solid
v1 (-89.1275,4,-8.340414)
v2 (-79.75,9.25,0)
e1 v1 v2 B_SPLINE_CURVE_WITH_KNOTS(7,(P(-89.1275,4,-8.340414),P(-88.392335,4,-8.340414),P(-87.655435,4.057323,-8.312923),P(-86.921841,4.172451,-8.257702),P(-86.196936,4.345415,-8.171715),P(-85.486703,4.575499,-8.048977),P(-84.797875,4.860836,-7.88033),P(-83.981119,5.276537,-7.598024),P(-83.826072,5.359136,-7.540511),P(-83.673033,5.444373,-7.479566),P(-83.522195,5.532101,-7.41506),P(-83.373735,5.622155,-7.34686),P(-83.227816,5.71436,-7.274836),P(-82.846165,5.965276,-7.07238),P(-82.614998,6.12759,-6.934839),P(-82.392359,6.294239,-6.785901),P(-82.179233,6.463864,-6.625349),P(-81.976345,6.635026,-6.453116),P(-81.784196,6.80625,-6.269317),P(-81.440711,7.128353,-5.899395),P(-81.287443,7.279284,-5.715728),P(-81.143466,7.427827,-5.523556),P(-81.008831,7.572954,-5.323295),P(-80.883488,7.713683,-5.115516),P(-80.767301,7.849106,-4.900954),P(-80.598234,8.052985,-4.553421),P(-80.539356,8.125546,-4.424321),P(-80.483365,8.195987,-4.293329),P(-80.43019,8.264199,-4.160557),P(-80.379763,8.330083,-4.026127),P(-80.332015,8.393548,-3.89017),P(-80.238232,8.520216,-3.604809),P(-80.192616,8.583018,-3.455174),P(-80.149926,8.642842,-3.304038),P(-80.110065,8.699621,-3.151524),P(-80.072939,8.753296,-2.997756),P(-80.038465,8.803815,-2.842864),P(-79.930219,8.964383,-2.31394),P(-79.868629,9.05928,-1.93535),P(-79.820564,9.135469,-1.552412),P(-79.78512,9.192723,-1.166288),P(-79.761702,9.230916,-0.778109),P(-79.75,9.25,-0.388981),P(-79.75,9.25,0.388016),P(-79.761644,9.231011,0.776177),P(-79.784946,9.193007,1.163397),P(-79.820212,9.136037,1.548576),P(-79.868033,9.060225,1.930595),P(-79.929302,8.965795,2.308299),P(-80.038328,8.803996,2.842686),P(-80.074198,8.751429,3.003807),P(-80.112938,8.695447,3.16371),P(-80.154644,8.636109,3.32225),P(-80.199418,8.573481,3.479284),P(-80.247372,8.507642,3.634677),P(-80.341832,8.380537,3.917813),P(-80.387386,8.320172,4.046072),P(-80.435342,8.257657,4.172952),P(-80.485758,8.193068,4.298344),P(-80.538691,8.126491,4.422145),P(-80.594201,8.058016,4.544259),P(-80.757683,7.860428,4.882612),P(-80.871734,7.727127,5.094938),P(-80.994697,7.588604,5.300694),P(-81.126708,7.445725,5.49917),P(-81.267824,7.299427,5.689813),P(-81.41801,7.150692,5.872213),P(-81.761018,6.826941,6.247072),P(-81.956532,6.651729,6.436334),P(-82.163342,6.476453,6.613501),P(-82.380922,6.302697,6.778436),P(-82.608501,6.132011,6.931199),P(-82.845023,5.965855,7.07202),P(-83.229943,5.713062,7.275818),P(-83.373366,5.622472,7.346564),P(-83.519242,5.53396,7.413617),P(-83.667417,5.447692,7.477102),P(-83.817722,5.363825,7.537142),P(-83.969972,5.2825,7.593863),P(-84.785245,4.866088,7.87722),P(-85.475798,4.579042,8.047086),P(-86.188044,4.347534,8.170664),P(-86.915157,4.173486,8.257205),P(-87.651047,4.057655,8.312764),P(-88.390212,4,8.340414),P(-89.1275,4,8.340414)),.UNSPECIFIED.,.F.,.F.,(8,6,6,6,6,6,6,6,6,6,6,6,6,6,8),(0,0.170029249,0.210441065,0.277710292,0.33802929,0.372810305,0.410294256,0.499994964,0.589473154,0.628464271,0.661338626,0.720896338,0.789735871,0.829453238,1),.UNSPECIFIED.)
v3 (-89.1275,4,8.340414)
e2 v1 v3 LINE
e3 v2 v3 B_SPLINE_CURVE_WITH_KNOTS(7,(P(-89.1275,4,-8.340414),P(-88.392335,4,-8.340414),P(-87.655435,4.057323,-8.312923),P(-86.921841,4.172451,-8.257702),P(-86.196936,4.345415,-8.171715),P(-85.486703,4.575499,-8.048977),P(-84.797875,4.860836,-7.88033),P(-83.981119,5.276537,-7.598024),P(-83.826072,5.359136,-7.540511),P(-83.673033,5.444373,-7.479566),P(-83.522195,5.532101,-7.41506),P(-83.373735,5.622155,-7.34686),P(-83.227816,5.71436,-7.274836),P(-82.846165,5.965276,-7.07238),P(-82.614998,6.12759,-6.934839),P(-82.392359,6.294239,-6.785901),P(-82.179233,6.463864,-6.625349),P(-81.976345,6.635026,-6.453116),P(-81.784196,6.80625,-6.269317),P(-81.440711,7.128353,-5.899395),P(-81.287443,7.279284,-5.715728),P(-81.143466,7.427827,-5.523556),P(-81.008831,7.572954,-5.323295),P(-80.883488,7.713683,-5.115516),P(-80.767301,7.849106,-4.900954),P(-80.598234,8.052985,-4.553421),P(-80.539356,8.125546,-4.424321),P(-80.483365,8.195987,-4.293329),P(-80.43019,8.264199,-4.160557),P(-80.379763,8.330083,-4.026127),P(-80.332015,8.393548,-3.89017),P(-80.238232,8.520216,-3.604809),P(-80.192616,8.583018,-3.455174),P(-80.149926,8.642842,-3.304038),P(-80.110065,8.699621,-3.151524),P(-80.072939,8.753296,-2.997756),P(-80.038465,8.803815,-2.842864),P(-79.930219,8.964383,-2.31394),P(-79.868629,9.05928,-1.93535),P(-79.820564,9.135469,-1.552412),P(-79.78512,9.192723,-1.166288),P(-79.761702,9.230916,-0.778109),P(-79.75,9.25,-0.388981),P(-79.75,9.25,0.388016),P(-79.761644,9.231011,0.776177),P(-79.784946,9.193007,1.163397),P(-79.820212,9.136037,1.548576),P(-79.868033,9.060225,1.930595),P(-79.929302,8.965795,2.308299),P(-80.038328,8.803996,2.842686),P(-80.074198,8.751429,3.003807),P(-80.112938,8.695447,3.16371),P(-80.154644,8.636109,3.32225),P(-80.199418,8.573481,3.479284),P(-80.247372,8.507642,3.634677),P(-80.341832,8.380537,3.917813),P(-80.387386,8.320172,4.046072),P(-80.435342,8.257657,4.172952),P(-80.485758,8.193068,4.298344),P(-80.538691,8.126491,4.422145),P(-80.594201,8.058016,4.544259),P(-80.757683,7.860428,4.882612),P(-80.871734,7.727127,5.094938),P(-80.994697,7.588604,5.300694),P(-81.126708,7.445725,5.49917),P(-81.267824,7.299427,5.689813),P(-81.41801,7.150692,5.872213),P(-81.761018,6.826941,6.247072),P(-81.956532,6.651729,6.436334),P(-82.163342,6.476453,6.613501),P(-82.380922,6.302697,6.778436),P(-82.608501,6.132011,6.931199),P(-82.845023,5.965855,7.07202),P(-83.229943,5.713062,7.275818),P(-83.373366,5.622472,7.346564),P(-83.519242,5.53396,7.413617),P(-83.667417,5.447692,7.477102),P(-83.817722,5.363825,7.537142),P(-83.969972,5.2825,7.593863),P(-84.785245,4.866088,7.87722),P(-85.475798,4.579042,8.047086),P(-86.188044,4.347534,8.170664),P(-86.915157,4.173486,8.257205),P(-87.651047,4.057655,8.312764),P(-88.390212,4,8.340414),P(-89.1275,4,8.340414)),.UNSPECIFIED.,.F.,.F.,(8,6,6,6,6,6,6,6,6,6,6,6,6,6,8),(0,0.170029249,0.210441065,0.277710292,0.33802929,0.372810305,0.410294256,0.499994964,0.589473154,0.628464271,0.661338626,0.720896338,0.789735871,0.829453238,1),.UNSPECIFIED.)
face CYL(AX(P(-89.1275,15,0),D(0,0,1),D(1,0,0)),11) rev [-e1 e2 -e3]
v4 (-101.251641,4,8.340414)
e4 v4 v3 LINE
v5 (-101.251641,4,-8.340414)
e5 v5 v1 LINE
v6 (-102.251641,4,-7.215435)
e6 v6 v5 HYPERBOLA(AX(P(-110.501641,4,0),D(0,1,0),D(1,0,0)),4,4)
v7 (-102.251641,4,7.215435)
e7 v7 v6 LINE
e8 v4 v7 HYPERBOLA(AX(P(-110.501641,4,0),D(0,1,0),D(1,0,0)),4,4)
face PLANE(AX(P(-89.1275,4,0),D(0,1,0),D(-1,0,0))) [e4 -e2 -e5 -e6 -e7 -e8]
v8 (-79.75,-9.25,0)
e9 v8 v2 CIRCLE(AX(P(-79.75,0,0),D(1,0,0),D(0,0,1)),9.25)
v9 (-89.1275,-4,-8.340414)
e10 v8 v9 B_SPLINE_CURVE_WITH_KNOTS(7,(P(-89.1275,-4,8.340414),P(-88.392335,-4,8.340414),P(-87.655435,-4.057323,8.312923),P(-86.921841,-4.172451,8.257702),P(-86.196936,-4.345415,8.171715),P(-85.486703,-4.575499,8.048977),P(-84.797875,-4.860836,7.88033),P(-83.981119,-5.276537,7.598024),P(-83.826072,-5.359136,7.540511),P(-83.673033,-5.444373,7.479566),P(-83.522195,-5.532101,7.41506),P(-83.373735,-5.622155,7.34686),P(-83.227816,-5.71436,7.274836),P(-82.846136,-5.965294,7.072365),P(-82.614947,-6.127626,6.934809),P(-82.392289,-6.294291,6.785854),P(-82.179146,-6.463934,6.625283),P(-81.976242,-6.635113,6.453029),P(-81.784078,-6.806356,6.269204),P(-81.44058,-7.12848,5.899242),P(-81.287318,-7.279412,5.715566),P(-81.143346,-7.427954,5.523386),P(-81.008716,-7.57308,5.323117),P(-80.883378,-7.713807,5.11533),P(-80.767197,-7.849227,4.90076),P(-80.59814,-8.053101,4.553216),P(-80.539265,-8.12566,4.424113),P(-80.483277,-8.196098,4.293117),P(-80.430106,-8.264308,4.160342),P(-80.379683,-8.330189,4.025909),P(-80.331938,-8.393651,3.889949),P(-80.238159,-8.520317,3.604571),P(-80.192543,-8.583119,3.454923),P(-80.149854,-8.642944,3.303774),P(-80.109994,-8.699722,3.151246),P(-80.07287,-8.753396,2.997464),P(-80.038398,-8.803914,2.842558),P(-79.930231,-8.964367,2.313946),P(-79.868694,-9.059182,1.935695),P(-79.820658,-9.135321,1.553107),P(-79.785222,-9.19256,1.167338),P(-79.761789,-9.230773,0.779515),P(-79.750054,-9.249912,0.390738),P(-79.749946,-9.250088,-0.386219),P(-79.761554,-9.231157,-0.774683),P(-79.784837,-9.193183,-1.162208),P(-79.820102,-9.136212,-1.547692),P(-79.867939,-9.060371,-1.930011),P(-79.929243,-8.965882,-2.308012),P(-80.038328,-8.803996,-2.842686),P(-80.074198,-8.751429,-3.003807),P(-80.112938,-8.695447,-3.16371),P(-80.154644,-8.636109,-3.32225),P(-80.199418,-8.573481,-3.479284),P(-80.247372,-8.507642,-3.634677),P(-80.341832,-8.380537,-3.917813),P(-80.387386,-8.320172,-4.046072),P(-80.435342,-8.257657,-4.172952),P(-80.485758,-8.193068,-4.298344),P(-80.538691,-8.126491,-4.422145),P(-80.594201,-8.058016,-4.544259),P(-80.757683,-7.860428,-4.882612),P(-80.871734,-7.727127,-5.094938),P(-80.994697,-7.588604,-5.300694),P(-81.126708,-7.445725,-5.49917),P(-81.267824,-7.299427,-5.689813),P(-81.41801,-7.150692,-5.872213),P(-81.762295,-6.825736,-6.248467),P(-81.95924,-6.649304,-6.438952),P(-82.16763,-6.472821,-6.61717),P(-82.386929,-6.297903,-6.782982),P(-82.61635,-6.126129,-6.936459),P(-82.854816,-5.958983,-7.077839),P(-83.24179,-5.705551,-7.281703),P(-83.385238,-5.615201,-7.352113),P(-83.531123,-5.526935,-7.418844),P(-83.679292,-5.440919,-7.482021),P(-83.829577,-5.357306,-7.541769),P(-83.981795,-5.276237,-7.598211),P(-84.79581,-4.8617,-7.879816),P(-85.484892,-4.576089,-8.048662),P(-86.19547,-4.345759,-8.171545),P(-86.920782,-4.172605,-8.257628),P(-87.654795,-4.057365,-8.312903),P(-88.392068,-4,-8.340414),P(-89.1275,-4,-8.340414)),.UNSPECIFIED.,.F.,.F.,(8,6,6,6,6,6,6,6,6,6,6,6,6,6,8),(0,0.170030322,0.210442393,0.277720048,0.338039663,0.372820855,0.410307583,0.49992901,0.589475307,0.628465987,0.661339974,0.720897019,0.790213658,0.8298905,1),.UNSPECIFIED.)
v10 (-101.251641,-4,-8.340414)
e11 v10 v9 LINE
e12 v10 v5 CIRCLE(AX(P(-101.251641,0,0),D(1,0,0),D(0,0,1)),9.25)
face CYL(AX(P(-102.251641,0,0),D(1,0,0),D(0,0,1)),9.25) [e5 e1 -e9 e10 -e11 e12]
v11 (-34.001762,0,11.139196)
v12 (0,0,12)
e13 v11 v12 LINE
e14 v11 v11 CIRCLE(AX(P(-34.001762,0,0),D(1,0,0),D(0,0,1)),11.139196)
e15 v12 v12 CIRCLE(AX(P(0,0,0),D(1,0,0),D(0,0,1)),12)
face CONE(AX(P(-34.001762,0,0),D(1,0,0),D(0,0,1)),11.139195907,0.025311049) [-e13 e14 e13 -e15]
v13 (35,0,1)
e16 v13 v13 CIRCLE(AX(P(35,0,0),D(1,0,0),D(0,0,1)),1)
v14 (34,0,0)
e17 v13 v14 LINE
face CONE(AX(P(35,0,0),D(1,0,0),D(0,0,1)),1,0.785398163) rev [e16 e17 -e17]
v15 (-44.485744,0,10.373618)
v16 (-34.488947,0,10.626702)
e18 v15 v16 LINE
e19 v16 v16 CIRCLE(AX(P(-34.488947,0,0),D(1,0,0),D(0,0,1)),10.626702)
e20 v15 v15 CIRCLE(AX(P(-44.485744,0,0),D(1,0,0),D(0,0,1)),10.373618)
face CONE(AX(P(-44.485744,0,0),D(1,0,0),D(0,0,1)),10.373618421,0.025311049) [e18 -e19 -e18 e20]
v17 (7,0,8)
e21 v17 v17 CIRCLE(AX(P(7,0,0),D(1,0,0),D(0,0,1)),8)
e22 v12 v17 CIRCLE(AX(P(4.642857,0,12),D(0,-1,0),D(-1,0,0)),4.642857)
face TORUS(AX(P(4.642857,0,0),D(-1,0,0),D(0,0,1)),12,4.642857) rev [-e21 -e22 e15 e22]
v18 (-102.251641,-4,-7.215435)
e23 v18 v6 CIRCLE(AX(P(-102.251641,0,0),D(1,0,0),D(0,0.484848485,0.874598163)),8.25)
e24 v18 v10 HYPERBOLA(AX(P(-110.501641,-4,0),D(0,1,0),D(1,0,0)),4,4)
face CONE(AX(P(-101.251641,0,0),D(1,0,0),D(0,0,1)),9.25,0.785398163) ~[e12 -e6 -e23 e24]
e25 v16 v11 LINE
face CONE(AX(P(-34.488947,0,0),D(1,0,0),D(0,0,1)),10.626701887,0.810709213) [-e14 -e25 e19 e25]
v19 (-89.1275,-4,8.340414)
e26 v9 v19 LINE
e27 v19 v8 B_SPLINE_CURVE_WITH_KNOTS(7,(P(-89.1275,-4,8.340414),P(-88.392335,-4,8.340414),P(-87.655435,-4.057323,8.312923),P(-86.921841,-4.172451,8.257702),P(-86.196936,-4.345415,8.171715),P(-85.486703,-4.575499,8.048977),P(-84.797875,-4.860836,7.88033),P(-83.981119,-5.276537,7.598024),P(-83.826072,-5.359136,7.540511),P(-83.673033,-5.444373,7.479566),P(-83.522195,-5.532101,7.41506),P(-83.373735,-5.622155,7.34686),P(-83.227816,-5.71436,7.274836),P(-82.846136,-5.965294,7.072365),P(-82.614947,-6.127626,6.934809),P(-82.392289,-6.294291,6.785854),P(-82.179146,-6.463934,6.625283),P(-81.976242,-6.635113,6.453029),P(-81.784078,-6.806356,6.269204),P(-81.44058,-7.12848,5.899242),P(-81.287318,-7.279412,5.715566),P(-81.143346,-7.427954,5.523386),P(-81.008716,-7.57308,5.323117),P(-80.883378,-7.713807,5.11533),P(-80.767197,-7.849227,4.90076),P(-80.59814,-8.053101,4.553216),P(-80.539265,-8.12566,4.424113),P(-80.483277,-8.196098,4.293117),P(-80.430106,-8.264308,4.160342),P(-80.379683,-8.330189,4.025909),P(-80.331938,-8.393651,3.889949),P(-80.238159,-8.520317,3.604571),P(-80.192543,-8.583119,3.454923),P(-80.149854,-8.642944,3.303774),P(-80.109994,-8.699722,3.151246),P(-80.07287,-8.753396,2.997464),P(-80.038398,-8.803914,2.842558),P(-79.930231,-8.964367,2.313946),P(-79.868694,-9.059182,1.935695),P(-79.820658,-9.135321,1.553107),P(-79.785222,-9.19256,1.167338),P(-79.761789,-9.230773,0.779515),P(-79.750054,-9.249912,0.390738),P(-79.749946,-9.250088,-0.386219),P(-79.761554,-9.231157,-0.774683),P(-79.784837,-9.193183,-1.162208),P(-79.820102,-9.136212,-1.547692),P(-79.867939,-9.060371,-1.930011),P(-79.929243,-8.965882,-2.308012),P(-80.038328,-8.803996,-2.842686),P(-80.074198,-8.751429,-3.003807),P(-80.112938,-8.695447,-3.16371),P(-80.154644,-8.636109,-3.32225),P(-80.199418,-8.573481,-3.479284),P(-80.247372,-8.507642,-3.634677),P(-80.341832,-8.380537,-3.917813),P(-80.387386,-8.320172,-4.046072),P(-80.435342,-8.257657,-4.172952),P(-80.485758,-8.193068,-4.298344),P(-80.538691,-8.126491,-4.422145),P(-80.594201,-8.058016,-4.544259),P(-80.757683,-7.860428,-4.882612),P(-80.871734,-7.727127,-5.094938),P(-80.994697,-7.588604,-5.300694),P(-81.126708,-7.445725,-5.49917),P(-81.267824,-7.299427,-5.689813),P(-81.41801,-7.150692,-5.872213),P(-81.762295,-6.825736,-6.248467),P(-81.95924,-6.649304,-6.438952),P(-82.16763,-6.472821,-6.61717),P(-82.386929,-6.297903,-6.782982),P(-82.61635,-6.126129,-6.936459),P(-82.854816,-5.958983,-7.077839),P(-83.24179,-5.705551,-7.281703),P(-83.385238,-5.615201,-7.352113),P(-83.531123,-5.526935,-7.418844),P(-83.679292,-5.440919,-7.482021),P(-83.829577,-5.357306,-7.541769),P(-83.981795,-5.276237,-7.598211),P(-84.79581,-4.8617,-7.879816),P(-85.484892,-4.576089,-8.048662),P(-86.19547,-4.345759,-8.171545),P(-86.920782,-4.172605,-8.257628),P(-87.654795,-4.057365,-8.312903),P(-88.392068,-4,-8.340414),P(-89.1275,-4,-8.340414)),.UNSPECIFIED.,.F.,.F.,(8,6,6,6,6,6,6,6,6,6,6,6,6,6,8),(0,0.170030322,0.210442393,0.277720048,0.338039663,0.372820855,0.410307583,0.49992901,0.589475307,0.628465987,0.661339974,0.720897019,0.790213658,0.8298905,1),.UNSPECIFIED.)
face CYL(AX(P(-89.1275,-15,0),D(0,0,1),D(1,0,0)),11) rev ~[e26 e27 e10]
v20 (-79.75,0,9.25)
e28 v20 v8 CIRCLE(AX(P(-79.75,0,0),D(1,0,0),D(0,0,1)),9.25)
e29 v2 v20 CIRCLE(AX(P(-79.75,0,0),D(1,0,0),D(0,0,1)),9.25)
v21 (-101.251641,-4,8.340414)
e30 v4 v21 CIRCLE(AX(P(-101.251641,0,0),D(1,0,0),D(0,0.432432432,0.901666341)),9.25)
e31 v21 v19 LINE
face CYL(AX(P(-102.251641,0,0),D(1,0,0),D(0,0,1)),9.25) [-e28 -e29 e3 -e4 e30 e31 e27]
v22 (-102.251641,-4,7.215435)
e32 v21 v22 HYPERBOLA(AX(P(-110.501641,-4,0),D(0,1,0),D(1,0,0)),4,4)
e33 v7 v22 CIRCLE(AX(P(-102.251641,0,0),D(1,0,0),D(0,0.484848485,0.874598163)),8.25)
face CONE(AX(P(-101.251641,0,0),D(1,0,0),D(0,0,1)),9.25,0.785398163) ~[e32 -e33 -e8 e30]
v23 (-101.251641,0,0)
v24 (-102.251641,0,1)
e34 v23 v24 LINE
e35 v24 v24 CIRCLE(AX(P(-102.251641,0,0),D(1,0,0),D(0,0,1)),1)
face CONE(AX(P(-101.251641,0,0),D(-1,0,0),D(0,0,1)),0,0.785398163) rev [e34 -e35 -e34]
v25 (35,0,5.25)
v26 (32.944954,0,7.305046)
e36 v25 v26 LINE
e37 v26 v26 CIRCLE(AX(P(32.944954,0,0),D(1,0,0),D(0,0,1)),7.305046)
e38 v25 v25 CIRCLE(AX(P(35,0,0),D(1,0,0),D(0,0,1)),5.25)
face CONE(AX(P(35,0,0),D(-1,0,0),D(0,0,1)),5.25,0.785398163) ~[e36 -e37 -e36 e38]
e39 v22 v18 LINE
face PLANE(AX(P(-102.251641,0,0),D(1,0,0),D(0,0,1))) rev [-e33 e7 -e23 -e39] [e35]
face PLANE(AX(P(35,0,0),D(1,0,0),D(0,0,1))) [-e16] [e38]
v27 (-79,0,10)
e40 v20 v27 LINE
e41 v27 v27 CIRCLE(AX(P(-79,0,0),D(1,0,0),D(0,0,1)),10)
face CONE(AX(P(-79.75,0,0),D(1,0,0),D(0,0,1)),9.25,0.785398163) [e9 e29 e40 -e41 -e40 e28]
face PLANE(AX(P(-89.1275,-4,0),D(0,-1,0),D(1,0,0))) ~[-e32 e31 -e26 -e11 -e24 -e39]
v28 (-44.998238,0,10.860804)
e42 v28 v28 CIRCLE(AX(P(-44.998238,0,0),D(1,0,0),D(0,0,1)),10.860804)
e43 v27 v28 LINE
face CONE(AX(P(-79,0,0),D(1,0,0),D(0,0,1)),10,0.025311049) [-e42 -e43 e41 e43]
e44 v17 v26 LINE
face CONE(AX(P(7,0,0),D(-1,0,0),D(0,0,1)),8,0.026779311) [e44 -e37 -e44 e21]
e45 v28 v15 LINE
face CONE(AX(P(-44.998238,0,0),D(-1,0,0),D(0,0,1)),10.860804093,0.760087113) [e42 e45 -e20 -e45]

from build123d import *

# Parameters (mm, degrees)
CHANFREIN1_SIZE         = 1
CHANFREIN2_SIZE         = 2
CHANFREIN2_SIZE2        = 2.055782961
ENL_V_MAT_EXTRU_1_DEPTH = 15


with BuildPart() as part:
    # Esquisse1 → Révolution1 (revolve)
    with BuildSketch(Plane.XY, mode=Mode.PRIVATE) as r_volution1_sk:
        with BuildLine():
            Line((-102.251641217, 9.25), (-79.75, 9.25))
            Line((-79.75, 9.25), (-79, 10))
            Line((-79, 10), (-44.998238309, 10.860804093))
            Line((-44.998238309, 10.860804093), (-44.485744289, 10.373618421))
            Line((-44.485744289, 10.373618421), (-34.488947364, 10.626701887))
            Line((-34.488947364, 10.626701887), (-34.001761691, 11.139195907))
            Line((-34.001761691, 11.139195907), (0, 12))
            ThreePointArc((0, 12), (2.339354929, 7.968871126), (7, 8))
            Line((7, 8), (35, 7.25))
            Line((35, 7.25), (35, 1))
            Line((35, 1), (34, 0))
            Line((34, 0), (-101.251641217, 0))
            Line((-101.251641217, 0), (-102.251641217, 1))
            Line((-102.251641217, 1), (-102.251641217, 9.25))
        make_face()
    revolve(r_volution1_sk.sketch.rotate(Axis((0, 0, 0), (1, 0, 0)), 90), axis=Axis((0, 0, 0), (1, 0, 0)))

    # Chanfrein1
    chanfrein1_edges = [part.edges().sort_by_distance(p)[0] for p in [
        (-102.251641217, 0, -9.25),
    ]]
    chamfer(chanfrein1_edges, length=CHANFREIN1_SIZE)

    # Chanfrein2
    chanfrein2_edges = [part.edges().sort_by_distance(p)[0] for p in [
        (35, 0, -7.25),
    ]]
    chanfrein2_side = [part.faces().sort_by_distance(p)[0] for p in [
        (35, 0, -7.044939033),
    ]]
    chamfer(chanfrein2_edges, length=CHANFREIN2_SIZE, length2=CHANFREIN2_SIZE2, reference=chanfrein2_side[0])

    # Esquisse2 → Enlèv. mat.-Extru.1 (cut, symmetric)
    with BuildSketch(Plane.XY):
        with BuildLine():
            Line((-89.127499667, 4), (-102.251641217, 4))
            Line((-102.251641217, 4), (-102.251641217, 16))
            Line((-102.251641217, 16), (-78.127499667, 16))
            Line((-78.127499667, 16), (-78.127499667, 15))
            ThreePointArc((-78.127499667, 15), (-81.349325074, 7.221825407), (-89.127499667, 4))
        make_face()
    enl_v_mat_extru_1 = extrude(amount=ENL_V_MAT_EXTRU_1_DEPTH, both=True, mode=Mode.SUBTRACT)

    # Symétrie1: Enlèv. mat.-Extru.1 across plane
    add(enl_v_mat_extru_1.mirror(Plane.ZX), mode=Mode.SUBTRACT)


solid = part.part
